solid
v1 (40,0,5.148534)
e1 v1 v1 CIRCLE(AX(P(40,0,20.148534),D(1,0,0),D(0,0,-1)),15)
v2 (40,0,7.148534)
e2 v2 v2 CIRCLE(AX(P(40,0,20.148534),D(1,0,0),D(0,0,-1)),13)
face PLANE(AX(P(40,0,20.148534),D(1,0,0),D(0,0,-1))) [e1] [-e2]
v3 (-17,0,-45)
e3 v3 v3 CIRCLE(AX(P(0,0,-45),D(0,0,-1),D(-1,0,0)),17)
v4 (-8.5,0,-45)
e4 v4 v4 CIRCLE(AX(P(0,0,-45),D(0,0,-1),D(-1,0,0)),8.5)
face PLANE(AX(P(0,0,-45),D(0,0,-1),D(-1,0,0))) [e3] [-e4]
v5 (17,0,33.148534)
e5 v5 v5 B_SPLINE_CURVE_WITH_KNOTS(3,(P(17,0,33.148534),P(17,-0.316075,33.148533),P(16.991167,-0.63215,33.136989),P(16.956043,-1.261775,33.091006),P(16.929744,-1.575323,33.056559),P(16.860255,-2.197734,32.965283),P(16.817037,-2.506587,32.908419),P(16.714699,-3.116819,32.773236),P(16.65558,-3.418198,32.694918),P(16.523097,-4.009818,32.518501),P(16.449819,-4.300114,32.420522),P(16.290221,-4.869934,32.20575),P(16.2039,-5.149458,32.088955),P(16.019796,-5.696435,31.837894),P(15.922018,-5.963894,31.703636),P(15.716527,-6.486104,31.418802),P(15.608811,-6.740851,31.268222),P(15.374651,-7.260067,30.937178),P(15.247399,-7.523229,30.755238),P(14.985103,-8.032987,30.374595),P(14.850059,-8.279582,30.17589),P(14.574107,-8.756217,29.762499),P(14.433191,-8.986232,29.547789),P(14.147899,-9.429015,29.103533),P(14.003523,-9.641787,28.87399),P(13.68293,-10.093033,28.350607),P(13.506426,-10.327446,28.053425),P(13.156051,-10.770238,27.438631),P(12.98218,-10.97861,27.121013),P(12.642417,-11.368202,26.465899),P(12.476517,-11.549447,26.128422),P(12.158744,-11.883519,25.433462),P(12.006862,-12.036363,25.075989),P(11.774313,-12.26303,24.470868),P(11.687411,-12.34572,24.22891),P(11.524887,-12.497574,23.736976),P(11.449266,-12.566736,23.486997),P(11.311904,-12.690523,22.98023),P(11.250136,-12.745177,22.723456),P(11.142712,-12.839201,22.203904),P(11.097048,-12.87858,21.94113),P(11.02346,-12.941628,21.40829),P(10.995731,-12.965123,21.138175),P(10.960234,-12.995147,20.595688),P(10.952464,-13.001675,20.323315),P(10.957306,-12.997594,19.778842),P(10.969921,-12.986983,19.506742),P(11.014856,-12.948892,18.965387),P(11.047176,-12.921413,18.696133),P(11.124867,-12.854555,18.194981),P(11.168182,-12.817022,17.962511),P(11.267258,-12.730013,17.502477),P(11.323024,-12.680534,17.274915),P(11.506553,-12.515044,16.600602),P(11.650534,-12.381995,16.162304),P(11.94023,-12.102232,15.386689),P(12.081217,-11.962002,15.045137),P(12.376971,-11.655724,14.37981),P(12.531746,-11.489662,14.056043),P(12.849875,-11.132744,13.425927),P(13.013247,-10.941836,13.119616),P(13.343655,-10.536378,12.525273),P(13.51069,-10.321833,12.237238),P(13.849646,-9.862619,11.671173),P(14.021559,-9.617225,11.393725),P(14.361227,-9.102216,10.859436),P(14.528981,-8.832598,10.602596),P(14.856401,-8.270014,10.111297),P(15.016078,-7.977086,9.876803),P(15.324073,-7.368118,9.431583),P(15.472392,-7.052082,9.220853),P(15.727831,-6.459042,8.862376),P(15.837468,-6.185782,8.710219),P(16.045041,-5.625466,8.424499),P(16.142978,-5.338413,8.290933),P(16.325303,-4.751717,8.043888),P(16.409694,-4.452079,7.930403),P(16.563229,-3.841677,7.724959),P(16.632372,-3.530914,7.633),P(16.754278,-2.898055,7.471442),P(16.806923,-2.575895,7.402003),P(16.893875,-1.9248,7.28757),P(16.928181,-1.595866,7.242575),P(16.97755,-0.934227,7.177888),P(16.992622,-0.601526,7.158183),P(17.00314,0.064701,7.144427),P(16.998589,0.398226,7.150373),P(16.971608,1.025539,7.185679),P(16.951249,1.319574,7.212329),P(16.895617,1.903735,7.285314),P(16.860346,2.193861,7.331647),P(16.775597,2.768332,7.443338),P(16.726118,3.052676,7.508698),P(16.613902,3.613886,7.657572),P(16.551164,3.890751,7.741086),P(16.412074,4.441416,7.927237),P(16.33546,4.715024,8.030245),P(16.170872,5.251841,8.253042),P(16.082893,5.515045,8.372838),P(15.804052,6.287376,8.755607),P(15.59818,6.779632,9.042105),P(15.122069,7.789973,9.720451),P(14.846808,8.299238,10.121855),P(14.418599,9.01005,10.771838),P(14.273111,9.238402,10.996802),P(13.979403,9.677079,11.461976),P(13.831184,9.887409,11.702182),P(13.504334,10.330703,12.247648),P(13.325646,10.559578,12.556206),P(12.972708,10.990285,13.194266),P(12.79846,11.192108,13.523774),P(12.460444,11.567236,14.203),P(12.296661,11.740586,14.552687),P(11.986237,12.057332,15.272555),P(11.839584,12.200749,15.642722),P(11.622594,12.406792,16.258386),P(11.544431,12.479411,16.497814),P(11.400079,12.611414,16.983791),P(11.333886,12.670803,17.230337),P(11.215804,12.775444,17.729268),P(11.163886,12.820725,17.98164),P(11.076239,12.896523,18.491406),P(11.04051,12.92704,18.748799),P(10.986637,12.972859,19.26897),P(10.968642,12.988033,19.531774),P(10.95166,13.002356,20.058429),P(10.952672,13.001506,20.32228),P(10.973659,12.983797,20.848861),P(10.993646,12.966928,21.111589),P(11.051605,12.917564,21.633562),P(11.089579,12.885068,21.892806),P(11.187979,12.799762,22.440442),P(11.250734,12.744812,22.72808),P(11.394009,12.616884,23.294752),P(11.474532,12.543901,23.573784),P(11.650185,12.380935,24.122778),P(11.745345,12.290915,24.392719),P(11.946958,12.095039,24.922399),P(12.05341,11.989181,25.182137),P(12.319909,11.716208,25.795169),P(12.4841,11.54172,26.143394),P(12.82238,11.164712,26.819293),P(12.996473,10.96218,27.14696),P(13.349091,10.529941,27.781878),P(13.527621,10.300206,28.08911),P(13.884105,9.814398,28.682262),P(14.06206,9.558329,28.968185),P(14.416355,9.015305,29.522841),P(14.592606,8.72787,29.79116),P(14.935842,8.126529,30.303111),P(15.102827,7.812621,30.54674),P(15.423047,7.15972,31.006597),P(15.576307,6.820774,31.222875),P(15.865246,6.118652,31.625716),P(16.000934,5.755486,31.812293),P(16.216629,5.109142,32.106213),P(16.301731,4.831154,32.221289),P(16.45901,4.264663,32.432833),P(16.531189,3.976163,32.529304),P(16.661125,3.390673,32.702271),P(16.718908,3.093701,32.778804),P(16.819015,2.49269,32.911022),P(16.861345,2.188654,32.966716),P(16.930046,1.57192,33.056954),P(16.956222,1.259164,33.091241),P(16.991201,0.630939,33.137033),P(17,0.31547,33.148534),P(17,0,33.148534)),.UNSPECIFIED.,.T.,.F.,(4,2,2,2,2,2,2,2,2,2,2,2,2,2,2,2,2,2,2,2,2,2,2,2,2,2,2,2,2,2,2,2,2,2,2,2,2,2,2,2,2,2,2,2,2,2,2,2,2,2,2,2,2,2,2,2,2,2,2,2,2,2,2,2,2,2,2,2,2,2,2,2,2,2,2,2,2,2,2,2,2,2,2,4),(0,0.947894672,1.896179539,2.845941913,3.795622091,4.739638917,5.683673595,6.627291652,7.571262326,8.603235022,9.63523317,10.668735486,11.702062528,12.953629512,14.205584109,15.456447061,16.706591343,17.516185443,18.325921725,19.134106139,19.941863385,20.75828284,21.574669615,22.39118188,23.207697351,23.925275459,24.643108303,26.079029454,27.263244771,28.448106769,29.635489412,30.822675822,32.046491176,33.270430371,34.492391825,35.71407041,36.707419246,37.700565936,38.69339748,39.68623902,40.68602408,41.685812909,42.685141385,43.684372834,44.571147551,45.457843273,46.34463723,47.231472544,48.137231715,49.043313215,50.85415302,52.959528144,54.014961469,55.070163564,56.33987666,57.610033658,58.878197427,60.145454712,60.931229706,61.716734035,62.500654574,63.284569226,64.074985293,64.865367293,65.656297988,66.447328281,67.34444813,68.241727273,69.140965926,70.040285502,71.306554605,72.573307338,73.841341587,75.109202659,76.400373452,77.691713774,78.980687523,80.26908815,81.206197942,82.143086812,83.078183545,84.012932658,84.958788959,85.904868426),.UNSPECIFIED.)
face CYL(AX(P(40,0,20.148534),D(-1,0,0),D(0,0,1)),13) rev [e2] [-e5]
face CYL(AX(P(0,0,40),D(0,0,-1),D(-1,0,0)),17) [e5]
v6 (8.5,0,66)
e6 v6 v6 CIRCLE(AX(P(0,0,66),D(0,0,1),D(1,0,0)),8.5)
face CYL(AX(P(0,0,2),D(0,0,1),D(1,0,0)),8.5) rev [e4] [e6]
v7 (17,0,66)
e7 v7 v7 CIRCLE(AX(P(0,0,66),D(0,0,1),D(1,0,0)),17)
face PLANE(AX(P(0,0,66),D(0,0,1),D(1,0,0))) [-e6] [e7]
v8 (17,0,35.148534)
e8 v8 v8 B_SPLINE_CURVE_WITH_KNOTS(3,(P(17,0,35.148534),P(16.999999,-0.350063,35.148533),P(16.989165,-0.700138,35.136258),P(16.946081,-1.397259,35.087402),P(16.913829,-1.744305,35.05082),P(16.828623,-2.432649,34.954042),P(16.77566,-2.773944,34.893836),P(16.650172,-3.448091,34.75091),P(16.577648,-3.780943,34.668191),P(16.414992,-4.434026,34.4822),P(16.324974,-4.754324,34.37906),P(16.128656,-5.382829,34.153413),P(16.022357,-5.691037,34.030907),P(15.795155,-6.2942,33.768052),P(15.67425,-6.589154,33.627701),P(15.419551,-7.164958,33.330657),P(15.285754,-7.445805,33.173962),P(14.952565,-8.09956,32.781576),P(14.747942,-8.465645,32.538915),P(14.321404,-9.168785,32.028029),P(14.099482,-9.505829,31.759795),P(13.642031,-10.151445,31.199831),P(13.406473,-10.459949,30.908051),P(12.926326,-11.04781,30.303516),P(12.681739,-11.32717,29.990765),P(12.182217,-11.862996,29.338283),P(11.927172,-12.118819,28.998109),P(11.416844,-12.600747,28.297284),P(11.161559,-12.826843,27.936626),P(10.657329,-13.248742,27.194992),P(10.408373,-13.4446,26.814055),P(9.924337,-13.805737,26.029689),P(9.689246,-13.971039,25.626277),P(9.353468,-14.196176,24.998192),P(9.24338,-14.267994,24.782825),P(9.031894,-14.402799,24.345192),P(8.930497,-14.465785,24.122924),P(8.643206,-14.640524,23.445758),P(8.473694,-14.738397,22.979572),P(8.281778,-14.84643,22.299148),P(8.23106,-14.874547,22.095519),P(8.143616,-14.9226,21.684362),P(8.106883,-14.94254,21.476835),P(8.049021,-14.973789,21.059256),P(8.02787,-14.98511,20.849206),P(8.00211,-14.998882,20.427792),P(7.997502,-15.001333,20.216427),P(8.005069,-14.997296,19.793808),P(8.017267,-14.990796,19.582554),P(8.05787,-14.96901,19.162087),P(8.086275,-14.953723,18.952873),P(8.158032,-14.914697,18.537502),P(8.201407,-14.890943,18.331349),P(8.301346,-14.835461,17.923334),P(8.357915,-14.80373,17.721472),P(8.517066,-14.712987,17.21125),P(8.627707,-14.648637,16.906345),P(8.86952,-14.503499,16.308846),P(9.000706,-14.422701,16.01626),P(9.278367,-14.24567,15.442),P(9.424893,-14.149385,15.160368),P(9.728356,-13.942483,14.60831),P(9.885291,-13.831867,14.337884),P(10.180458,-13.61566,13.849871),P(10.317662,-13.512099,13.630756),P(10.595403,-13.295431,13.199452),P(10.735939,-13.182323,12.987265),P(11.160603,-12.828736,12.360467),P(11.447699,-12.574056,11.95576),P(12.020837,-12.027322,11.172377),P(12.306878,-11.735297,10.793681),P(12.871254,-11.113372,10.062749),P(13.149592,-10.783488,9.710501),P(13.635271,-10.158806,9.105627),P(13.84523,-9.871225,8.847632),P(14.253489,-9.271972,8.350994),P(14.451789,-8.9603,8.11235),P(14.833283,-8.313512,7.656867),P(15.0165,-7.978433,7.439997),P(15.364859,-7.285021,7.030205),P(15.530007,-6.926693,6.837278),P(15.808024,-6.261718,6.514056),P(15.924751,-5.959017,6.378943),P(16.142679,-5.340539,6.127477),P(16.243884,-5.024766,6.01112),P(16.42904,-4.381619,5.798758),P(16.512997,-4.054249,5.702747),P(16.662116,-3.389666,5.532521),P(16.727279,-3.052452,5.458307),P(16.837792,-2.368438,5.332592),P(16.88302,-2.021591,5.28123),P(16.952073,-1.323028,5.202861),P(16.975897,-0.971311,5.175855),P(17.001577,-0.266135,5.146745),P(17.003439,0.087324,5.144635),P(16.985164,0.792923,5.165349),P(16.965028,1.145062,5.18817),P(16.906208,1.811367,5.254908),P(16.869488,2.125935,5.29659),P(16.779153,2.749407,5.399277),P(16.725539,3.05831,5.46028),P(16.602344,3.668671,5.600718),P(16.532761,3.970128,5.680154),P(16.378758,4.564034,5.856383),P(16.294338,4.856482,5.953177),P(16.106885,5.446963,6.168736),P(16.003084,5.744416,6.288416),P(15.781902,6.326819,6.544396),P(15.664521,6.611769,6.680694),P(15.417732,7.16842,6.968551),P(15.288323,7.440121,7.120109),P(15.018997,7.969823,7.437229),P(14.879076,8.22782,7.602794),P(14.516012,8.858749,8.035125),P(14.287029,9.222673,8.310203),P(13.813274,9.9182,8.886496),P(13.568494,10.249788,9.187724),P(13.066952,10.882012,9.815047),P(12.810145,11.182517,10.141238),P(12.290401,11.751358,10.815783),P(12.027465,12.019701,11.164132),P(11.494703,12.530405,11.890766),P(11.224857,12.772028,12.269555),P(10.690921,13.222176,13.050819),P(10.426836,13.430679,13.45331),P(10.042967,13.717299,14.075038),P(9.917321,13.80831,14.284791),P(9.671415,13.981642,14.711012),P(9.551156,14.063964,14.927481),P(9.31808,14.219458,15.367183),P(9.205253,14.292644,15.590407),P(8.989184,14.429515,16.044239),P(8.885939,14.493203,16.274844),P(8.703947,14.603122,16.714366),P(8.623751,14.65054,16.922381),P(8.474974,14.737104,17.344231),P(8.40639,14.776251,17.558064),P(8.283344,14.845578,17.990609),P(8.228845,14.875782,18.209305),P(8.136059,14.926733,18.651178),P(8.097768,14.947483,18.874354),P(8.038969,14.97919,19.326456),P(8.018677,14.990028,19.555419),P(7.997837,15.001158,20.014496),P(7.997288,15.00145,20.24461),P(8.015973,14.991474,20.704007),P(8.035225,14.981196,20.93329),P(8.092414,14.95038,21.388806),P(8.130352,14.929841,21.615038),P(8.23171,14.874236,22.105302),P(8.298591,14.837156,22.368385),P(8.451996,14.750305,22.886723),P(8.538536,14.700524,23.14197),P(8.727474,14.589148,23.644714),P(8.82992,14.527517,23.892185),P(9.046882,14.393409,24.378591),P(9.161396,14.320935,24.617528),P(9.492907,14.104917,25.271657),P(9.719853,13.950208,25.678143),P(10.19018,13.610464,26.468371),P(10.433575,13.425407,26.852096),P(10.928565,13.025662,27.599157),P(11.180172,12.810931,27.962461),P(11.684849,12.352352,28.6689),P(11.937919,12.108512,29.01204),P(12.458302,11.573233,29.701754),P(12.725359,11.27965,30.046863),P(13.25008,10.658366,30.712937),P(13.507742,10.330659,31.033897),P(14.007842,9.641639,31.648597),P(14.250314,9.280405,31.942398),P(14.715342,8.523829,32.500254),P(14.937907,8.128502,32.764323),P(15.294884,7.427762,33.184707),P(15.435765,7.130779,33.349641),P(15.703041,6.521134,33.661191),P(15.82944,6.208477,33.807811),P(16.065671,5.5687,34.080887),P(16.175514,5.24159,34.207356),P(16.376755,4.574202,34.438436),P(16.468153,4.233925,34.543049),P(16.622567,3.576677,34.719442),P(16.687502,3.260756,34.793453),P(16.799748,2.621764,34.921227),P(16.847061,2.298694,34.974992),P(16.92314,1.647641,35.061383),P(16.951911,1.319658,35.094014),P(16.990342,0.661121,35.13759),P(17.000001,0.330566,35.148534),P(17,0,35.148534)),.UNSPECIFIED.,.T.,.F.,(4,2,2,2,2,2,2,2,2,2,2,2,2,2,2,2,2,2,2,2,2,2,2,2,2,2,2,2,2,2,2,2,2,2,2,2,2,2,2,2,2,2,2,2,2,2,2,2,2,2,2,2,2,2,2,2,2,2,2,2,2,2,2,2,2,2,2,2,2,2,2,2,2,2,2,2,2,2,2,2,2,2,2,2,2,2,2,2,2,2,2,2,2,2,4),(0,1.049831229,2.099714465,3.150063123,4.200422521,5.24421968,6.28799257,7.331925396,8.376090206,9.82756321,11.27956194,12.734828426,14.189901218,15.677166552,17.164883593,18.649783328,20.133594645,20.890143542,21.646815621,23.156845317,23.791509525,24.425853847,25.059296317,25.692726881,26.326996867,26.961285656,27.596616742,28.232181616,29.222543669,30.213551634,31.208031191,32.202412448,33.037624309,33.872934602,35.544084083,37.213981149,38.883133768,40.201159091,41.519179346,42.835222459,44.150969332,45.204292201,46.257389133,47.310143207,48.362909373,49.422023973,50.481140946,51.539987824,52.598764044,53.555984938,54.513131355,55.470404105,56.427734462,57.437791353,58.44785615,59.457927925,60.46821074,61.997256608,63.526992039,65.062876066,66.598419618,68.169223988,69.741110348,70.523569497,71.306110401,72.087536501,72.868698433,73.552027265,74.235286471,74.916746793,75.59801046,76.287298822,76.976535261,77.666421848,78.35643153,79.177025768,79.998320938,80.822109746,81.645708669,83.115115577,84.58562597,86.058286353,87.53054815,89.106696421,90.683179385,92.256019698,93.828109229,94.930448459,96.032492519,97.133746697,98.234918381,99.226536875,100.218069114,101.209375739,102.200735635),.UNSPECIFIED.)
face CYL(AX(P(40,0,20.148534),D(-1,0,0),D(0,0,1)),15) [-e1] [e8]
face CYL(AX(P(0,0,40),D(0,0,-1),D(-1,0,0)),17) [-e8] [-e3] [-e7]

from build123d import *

# Parameters (mm, degrees)
SKETCH1_R           = 17
BOSS_EXTRUDE2_DEPTH = 40
SKETCH2_R           = 8.5
CUT_EXTRUDE1_DEPTH  = 38
CUT_EXTRUDE2_START  = -38
SKETCH3_R           = 8.5
CUT_EXTRUDE2_DEPTH  = 38
SKETCH4_R           = 15
SKETCH4_R_2         = 13
BOSS_EXTRUDE3_DEPTH = 40
CUT_EXTRUDE4_START  = -50
SKETCH6_R           = 8.5
CUT_EXTRUDE4_DEPTH  = 50
BOSS_EXTRUDE4_START = 45
SKETCH7_R           = 17
SKETCH7_R_2         = 8.5
BOSS_EXTRUDE4_DEPTH = 45
SKETCH8_R           = 17
SKETCH8_R_2         = 8.5
BOSS_EXTRUDE5_DEPTH = 26


with BuildPart() as part:
    # Sketch1 → Boss-Extrude2 (new body)
    with BuildSketch(Plane.XY):
        Circle(SKETCH1_R)
    extrude(amount=BOSS_EXTRUDE2_DEPTH)

    # Sketch2 → Cut-Extrude1 (cut)
    with BuildSketch(Plane.XY.offset(40)):
        Circle(SKETCH2_R)
    extrude(amount=-CUT_EXTRUDE1_DEPTH, mode=Mode.SUBTRACT)

    # Sketch3 → Cut-Extrude2 (cut)
    with BuildSketch(Plane(origin=(0, 0, 0), x_dir=(-1, 0, 0), z_dir=(0, 0, -1)).offset(CUT_EXTRUDE2_START)):
        with Locations(Location((0, 0, 0), (0, 0, 180))):
            Circle(SKETCH3_R)
    extrude(amount=CUT_EXTRUDE2_DEPTH, mode=Mode.SUBTRACT)

    # Sketch4 → Boss-Extrude3 (add)
    with BuildSketch(Plane(origin=(0, 0, 0), x_dir=(0, 0, -1), z_dir=(1, 0, 0))):
        with Locations((-20.148533522, 0)):
            Circle(SKETCH4_R)
        with Locations(Location((-20.148533522, 0, 0), (0, 0, 180))):
            Circle(SKETCH4_R_2, mode=Mode.SUBTRACT)
    extrude(amount=BOSS_EXTRUDE3_DEPTH)

    # Sketch6 → Cut-Extrude4 (cut)
    with BuildSketch(Plane(origin=(0, 0, 0), x_dir=(-1, 0, 0), z_dir=(0, 0, -1)).offset(CUT_EXTRUDE4_START)):
        with Locations(Location((0, 0, 0), (0, 0, 180))):
            Circle(SKETCH6_R)
    extrude(amount=CUT_EXTRUDE4_DEPTH, mode=Mode.SUBTRACT)

    # Sketch7 → Boss-Extrude4 (add)
    with BuildSketch(Plane(origin=(0, 0, 0), x_dir=(-1, 0, 0), z_dir=(0, 0, -1)).offset(BOSS_EXTRUDE4_START)):
        Circle(SKETCH7_R)
        with Locations(Location((0, 0, 0), (0, 0, 180))):
            Circle(SKETCH7_R_2, mode=Mode.SUBTRACT)
    extrude(amount=-BOSS_EXTRUDE4_DEPTH)

    # Sketch8 → Boss-Extrude5 (add)
    with BuildSketch(Plane.XY.offset(40)):
        with Locations(Location((0, 0, 0), (0, 0, 180))):
            Circle(SKETCH8_R)
        Circle(SKETCH8_R_2, mode=Mode.SUBTRACT)
    extrude(amount=BOSS_EXTRUDE5_DEPTH)


solid = part.part
